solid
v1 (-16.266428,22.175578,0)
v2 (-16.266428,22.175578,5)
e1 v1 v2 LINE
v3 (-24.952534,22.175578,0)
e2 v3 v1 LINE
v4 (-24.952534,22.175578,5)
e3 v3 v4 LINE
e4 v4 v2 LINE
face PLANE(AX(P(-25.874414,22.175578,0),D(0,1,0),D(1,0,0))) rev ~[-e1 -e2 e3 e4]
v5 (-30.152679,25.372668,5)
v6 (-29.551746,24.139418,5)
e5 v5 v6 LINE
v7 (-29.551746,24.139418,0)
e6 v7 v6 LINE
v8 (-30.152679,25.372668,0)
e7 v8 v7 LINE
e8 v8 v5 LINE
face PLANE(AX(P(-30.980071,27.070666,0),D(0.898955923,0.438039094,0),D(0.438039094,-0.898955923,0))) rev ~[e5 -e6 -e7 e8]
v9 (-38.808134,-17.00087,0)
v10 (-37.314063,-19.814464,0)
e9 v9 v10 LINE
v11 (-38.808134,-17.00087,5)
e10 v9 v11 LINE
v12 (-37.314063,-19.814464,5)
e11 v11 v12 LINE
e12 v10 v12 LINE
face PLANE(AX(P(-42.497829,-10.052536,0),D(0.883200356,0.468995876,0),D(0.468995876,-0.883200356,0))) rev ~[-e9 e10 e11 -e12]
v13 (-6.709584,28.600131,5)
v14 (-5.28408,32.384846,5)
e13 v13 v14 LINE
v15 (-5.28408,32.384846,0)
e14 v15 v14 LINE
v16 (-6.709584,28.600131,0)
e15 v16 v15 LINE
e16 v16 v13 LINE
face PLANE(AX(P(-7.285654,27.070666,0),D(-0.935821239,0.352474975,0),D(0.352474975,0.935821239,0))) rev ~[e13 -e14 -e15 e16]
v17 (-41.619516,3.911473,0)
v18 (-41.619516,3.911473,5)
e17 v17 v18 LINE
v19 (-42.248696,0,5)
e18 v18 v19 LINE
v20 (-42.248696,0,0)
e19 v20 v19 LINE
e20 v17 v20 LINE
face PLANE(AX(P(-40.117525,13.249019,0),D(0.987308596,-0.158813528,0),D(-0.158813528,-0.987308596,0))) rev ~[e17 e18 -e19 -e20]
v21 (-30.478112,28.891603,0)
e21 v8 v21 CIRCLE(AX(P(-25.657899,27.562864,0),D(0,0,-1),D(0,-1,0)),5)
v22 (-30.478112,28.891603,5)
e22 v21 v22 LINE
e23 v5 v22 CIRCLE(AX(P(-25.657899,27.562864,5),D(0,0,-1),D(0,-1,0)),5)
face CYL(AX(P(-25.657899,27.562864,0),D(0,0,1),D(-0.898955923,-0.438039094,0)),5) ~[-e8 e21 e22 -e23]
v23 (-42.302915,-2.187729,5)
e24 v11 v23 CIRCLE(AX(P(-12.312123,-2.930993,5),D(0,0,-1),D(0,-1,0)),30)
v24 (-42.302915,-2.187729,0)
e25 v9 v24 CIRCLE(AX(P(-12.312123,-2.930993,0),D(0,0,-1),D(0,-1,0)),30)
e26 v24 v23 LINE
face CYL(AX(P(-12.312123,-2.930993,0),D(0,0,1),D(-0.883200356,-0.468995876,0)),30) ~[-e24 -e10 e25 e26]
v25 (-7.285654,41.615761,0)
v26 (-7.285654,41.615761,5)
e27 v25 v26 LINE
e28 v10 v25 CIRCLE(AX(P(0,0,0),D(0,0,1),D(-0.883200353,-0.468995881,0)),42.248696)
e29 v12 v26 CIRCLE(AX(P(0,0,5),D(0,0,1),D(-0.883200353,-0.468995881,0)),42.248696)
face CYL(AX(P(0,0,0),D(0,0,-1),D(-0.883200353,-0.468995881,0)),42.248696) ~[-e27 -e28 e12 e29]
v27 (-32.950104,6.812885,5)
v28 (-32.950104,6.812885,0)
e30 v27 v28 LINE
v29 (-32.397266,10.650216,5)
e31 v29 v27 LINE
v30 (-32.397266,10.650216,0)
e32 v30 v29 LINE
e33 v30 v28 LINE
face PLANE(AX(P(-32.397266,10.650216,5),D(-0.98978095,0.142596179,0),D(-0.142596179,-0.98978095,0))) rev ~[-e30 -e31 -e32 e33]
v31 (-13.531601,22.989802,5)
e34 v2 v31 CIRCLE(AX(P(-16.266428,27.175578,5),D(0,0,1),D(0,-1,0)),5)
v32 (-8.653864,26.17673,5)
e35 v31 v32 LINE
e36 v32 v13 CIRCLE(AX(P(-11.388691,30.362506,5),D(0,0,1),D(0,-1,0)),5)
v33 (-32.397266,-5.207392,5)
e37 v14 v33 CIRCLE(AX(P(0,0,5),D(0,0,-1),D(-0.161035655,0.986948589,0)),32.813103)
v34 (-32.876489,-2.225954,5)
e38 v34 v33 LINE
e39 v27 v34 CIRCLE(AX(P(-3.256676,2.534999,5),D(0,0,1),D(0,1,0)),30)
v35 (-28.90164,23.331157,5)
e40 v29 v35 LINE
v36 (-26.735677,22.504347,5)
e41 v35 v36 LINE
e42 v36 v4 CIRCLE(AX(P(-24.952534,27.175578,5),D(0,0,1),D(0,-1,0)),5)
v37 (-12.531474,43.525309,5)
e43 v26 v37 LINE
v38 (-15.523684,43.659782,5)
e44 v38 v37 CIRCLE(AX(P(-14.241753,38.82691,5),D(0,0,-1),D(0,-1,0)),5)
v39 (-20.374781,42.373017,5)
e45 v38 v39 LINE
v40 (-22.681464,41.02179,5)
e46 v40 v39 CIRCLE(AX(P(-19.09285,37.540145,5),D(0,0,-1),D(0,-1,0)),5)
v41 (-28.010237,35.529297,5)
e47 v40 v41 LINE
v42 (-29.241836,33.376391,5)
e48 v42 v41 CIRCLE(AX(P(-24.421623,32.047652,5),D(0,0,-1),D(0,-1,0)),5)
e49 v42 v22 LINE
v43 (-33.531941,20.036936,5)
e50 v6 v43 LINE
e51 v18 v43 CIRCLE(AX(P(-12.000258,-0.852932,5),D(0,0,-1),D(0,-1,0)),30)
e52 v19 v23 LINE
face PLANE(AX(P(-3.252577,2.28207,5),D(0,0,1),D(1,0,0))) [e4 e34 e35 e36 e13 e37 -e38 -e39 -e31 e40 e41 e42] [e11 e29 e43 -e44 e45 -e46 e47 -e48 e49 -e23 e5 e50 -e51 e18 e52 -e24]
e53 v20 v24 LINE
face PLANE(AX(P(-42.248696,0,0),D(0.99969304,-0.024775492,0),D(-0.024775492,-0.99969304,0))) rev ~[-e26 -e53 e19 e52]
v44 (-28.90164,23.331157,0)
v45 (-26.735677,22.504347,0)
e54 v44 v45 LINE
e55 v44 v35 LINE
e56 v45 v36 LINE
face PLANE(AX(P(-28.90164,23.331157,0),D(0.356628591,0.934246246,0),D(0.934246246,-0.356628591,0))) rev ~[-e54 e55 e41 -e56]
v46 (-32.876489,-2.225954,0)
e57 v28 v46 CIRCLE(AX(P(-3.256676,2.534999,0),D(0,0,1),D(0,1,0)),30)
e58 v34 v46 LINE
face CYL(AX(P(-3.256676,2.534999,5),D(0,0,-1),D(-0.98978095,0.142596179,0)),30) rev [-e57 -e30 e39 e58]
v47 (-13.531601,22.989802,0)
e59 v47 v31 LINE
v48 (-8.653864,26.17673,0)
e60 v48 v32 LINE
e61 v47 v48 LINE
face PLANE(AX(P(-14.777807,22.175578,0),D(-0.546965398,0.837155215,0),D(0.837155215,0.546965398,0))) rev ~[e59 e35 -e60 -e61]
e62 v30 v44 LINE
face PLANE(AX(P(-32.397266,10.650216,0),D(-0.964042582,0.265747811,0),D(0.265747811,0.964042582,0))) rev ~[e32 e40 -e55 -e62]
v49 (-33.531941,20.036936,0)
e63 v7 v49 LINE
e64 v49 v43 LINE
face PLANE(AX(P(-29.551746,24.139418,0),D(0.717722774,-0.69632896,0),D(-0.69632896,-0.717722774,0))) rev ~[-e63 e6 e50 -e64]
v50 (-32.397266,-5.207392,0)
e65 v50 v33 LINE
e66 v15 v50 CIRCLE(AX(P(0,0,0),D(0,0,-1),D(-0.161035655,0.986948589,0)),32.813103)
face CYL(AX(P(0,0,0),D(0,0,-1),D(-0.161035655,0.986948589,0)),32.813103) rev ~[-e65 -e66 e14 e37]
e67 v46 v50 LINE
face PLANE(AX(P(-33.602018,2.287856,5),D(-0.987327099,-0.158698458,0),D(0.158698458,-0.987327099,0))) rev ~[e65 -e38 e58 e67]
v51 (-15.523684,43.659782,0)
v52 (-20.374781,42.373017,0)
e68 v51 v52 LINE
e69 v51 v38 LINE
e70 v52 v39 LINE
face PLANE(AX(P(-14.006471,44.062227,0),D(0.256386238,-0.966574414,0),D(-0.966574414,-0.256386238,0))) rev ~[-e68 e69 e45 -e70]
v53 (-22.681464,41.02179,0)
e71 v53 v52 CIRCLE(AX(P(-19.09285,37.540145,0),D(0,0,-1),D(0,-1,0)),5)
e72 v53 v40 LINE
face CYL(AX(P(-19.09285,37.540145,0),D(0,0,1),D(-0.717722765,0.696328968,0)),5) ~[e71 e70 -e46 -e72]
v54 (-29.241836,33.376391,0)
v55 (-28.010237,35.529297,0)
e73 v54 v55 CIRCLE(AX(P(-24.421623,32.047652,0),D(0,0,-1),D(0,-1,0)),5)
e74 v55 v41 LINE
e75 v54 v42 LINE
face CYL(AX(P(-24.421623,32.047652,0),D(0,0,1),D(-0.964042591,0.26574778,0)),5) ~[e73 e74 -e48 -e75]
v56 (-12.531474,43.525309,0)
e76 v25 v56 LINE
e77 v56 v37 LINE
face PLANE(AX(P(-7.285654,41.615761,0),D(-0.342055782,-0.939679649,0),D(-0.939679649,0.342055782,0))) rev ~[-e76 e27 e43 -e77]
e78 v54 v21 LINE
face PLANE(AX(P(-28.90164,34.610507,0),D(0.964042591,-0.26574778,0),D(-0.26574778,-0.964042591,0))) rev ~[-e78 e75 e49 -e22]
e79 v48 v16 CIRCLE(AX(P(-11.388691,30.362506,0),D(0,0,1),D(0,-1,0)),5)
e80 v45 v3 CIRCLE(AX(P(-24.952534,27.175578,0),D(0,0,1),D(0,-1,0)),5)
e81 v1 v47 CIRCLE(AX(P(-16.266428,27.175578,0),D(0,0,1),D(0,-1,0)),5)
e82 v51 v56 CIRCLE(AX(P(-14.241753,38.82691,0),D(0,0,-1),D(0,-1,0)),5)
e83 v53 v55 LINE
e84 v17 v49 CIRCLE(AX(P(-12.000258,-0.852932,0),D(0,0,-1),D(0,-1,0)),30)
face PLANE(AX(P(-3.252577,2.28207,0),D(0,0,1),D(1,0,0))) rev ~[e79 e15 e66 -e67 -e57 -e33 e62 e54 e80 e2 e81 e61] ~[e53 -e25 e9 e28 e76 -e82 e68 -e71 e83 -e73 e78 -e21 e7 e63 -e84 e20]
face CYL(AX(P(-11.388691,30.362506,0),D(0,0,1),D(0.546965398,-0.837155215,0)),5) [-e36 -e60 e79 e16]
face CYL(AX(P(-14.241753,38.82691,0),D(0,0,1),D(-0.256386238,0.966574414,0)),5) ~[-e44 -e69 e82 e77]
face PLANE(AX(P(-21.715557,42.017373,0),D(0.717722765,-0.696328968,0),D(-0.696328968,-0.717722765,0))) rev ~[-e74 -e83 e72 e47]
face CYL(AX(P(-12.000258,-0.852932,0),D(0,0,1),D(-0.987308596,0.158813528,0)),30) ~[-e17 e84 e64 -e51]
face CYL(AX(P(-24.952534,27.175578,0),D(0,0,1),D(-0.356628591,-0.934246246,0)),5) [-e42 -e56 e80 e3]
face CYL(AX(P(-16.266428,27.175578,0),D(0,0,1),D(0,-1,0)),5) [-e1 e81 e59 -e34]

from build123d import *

# Parameters (mm, degrees)
F1_DEPTH = 5
F2_R     = 30
F4_DEPTH = 5.001
F5_R     = 30
F6_R     = 30
F7_R     = 5
F8_R     = 5
F9_R     = 5
F10_R    = 5


with BuildPart() as f1:
    # F0 (on Top) → F1 (new body)
    with BuildSketch(Plane.XY):
        with BuildLine():
            Line((-42.497829, -10.052536), (-37.314063, -19.814464))
            ThreePointArc((-37.314063, -19.814464), (37.956578, -18.553988), (-7.285654, 41.615761))
            Line((-7.285654, 41.615761), (-14.006471, 44.062227))
            Line((-14.006471, 44.062227), (-21.715557, 42.017373))
            Line((-21.715557, 42.017373), (-28.90164, 34.610507))
            Line((-28.90164, 34.610507), (-30.980071, 27.070666))
            Line((-30.980071, 27.070666), (-29.551746, 24.139418))
            Line((-29.551746, 24.139418), (-40.117525, 13.249019))
            Line((-40.117525, 13.249019), (-42.248696, 0))
            Line((-42.248696, 0), (-42.497829, -10.052536))
        make_face()
        with BuildLine():
            ThreePointArc((-5.28408, 32.384846), (26.613249, -19.194653), (-32.397266, -5.207392))
            Line((-32.397266, -5.207392), (-32.397266, 10.650216))
            Line((-32.397266, 10.650216), (-28.90164, 23.331157))
            Line((-28.90164, 23.331157), (-25.874414, 22.175578))
            Line((-25.874414, 22.175578), (-14.777807, 22.175578))
            Line((-14.777807, 22.175578), (-7.285654, 27.070666))
            Line((-7.285654, 27.070666), (-5.28408, 32.384846))
        make_face(mode=Mode.SUBTRACT)
    extrude(amount=F1_DEPTH)

    # F2
    f2_edges = [f1.edges().sort_by_distance(p)[0] for p in [
        (-42.497829, -10.052536, 2.5),
    ]]
    fillet(f2_edges, radius=F2_R)

    # F3 (on face) → F4 (cut, through all)
    with BuildSketch(Plane.XY.offset(5)):
        Polygon((-33.602018, 2.287856), (-32.397266, -5.207392), (-32.397266, 10.650216), align=None)
    extrude(amount=-F4_DEPTH, mode=Mode.SUBTRACT)

    # F5
    f5_edges = [f1.edges().sort_by_distance(p)[0] for p in [
        (-40.117525, 13.249019, 2.5),
    ]]
    fillet(f5_edges, radius=F5_R)

    # F6
    f6_edges = [f1.edges().sort_by_distance(p)[0] for p in [
        (-33.602018, 2.287856, 2.5),
    ]]
    fillet(f6_edges, radius=F6_R)

    # F7
    f7_edges = [f1.edges().sort_by_distance(p)[0] for p in [
        (-30.980071, 27.070666, 2.5),
    ]]
    fillet(f7_edges, radius=F7_R)

    # F8
    f8_edges = [f1.edges().sort_by_distance(p)[0] for p in [
        (-25.874414, 22.175578, 2.5),
    ]]
    fillet(f8_edges, radius=F8_R)

    # F9
    f9_edges = [f1.edges().sort_by_distance(p)[0] for p in [
        (-28.90164, 34.610507, 2.5),
        (-21.715557, 42.017373, 2.5),
        (-14.006471, 44.062227, 2.5),
    ]]
    fillet(f9_edges, radius=F9_R)

    # F10
    f10_edges = [f1.edges().sort_by_distance(p)[0] for p in [
        (-14.777807, 22.175578, 2.5),
        (-7.285654, 27.070666, 2.5),
    ]]
    fillet(f10_edges, radius=F10_R)


solid = f1.part
